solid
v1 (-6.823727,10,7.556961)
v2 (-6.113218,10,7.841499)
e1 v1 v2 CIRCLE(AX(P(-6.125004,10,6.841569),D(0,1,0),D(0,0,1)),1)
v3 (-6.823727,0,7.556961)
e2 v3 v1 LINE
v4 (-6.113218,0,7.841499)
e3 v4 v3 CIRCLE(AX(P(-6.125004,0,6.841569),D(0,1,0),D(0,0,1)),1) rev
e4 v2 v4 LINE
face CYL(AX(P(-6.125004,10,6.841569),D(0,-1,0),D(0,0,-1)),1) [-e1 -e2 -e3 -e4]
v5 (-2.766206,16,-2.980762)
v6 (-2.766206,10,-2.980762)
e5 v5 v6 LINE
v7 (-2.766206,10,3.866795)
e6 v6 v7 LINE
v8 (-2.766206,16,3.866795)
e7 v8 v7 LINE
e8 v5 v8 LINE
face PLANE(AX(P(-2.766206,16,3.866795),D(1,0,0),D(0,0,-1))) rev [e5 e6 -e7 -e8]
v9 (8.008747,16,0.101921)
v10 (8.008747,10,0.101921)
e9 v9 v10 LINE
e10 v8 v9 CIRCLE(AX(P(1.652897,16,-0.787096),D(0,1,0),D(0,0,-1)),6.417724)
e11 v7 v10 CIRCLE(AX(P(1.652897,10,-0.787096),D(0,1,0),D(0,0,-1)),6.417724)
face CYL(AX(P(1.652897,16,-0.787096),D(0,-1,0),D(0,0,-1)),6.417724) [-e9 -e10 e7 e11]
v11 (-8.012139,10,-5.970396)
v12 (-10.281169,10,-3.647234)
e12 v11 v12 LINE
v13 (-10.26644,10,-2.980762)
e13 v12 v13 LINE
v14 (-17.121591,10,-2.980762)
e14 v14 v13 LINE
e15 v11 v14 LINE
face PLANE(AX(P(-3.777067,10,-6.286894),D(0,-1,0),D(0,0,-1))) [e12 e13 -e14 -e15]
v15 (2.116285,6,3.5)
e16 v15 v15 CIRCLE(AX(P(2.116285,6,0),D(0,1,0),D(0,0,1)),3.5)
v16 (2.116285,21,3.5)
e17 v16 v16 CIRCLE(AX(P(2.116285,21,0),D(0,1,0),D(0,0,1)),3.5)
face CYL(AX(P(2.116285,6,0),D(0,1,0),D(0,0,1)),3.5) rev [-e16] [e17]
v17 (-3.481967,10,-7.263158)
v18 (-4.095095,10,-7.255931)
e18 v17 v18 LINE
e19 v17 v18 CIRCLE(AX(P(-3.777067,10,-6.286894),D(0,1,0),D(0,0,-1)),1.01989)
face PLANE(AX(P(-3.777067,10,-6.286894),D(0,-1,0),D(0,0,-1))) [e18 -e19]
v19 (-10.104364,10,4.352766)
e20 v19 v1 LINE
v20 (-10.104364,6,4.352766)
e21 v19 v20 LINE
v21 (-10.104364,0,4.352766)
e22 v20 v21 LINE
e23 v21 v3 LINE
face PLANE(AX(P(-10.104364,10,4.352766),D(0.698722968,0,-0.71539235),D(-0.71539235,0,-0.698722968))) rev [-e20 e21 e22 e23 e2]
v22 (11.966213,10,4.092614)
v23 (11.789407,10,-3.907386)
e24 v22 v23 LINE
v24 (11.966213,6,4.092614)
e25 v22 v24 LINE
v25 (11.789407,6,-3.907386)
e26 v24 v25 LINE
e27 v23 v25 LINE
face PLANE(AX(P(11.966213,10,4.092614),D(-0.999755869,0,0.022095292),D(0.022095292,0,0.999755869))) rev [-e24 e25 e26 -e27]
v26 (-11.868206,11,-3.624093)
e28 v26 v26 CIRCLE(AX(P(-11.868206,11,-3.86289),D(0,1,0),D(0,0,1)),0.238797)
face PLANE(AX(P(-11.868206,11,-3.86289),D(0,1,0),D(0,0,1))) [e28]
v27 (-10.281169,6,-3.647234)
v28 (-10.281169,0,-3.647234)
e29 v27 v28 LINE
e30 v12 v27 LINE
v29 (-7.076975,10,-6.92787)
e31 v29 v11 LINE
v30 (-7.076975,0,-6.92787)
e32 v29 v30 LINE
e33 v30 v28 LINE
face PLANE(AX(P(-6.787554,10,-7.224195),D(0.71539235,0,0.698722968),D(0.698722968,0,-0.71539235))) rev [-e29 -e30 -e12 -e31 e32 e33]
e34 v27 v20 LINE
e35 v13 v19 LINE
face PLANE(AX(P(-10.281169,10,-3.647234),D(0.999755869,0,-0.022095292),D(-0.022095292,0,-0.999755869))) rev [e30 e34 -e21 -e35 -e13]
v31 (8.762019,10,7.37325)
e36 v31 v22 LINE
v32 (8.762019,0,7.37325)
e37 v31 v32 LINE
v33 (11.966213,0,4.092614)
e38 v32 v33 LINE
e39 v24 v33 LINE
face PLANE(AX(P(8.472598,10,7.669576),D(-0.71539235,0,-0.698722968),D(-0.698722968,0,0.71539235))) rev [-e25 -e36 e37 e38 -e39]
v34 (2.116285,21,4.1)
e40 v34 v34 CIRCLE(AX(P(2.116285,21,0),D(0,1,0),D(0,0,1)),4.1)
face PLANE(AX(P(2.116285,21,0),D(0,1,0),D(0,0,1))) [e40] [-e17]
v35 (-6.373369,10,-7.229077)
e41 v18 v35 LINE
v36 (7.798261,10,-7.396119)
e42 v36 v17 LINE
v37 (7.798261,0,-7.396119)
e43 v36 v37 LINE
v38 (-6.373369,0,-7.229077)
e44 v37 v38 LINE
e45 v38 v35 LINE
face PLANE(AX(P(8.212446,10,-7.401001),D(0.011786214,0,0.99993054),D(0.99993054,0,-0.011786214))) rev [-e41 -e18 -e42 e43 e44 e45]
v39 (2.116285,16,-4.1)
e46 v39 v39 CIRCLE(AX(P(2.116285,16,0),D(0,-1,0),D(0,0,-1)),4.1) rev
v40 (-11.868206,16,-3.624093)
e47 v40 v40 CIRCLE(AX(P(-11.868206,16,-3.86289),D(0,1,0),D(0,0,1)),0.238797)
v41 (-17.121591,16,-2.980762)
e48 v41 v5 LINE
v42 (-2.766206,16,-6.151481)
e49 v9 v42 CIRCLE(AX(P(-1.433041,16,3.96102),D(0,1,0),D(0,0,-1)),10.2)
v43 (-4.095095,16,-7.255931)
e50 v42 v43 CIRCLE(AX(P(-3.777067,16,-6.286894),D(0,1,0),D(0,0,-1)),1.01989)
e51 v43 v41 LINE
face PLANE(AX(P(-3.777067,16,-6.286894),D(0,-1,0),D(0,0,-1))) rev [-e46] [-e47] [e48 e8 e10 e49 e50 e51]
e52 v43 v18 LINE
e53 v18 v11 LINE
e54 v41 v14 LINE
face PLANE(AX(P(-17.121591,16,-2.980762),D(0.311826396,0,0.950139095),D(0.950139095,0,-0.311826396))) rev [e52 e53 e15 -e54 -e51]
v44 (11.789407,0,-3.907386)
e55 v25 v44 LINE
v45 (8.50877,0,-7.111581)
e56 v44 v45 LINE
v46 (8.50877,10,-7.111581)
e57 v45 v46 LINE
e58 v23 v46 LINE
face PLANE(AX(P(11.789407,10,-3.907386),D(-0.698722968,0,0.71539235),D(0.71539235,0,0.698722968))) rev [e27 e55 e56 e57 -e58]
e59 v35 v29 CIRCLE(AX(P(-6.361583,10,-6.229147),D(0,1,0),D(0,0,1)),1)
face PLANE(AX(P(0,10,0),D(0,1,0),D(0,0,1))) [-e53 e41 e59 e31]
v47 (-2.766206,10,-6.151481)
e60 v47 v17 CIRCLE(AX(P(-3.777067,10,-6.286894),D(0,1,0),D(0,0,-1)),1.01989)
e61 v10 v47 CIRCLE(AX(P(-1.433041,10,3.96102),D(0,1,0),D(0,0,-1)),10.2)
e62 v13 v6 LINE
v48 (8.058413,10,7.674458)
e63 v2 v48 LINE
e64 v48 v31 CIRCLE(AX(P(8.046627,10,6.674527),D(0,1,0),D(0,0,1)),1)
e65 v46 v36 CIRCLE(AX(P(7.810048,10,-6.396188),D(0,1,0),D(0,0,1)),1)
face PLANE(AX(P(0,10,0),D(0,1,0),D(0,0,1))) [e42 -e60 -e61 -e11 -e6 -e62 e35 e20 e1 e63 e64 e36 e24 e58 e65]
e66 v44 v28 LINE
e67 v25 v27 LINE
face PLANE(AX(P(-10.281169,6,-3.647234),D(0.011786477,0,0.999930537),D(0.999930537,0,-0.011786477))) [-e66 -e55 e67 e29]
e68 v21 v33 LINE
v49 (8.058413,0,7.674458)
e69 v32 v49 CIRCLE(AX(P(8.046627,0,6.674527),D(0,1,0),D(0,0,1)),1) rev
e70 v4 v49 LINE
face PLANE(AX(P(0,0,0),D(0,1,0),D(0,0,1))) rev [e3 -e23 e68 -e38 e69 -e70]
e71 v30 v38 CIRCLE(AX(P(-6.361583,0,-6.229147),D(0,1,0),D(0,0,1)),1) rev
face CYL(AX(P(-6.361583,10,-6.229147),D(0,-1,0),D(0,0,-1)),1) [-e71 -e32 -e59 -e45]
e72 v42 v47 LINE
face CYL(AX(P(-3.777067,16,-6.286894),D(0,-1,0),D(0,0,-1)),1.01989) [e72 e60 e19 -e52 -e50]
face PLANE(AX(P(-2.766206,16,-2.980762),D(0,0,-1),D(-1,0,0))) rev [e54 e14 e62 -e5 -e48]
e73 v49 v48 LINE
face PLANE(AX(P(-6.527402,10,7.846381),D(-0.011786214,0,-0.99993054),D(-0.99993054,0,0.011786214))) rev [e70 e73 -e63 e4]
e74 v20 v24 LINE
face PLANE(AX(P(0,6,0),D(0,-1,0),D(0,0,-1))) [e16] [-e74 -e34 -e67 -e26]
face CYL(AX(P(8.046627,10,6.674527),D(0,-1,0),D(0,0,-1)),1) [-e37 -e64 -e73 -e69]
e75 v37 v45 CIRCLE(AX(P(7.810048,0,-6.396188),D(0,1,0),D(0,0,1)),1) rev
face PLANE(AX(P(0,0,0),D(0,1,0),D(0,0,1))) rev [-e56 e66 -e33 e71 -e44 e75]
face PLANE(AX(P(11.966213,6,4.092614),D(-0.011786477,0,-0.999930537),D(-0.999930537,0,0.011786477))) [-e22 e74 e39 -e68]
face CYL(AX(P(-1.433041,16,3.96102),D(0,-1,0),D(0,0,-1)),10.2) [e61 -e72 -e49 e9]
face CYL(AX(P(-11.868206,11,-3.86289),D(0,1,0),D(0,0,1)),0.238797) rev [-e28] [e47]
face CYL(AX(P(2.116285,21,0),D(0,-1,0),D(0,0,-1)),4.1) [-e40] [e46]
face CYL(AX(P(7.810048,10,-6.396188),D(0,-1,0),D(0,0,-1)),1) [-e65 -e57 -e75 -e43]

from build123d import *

# Parameters (mm, degrees)
BOSS_EXTRUDE2_DEPTH = 10
CUT_EXTRUDE2_DEPTH  = 6
BOSS_EXTRUDE4_DEPTH = 6
SKETCH6_R           = 4.1
BOSS_EXTRUDE5_DEPTH = 5
SKETCH8_R           = 3.5
CUT_EXTRUDE3_DEPTH  = 15
SKETCH9_R           = 0.238796938
CUT_EXTRUDE4_DEPTH  = 5
FILLET3_R           = 1
FILLET5_R           = 1


with BuildPart() as part:
    # Sketch1 → Boss-Extrude2 (new body)
    with BuildSketch(Plane(origin=(0, 0, 0), x_dir=(1, 0, 0), z_dir=(0, 1, 0))):
        Polygon((8.212445626, 7.40100076), (-6.787554374, 7.224195263), (-10.281169213, 3.647233513), (-10.104363716, -4.352766487), (-6.527401966, -7.846381326), (8.472598034, -7.669575828), (11.966212872, -4.092614079), (11.789407375, 3.907385921), align=None)
    extrude(amount=BOSS_EXTRUDE2_DEPTH)

    # Sketch4 → Cut-Extrude2 (cut)
    with BuildSketch(Plane(origin=(0, 0, 0), x_dir=(1, 0, 0), z_dir=(0, 1, 0))):
        Polygon((-10.281169213, 3.647233513), (11.789407375, 3.907385921), (11.966212872, -4.092614079), (-10.104363716, -4.352766487), align=None)
    extrude(amount=CUT_EXTRUDE2_DEPTH, mode=Mode.SUBTRACT)

    # Sketch5 → Boss-Extrude4 (add)
    with BuildSketch(Plane(origin=(0, 10, 0), x_dir=(1, 0, 0), z_dir=(0, 1, 0))):
        with BuildLine():
            Line((-17.121590923, 2.980762336), (-4.095095114, 7.255931369))
            ThreePointArc((-4.095095114, 7.255931369), (-3.125179525, 7.071252821), (-2.766206415, 6.151480718))
            ThreePointArc((-2.766206415, 6.151480718), (3.686890427, 4.860901674), (8.008746735, -0.10192123))
            ThreePointArc((8.008746735, -0.10192123), (3.769808673, -5.271440115), (-2.766206415, -3.866794904))
            Line((-2.766206415, -3.866794904), (-2.766206415, 2.980762336))
            Line((-2.766206415, 2.980762336), (-17.121590923, 2.980762336))
        make_face()
    extrude(amount=BOSS_EXTRUDE4_DEPTH)

    # Sketch6 → Boss-Extrude5 (add)
    with BuildSketch(Plane(origin=(0, 16, 0), x_dir=(1, 0, 0), z_dir=(0, 1, 0))):
        with Locations((2.116284808, 0)):
            Circle(SKETCH6_R)
    extrude(amount=BOSS_EXTRUDE5_DEPTH)

    # Sketch8 → Cut-Extrude3 (cut)
    with BuildSketch(Plane(origin=(0, 21, 0), x_dir=(1, 0, 0), z_dir=(0, 1, 0))):
        with Locations((2.116284808, 0)):
            Circle(SKETCH8_R)
    extrude(amount=-CUT_EXTRUDE3_DEPTH, mode=Mode.SUBTRACT)

    # Sketch9 → Cut-Extrude4 (cut)
    with BuildSketch(Plane(origin=(0, 16, 0), x_dir=(1, 0, 0), z_dir=(0, 1, 0))):
        with Locations((-11.868205528, 3.862890266)):
            Circle(SKETCH9_R)
    extrude(amount=-CUT_EXTRUDE4_DEPTH, mode=Mode.SUBTRACT)

    # Fillet3
    fillet3_edges = [part.edges().sort_by_distance(p)[0] for p in [
        (8.472598034, 5, 7.669575828),
    ]]
    fillet(fillet3_edges, radius=FILLET3_R)

    # Fillet5
    fillet5_edges = [part.edges().sort_by_distance(p)[0] for p in [
        (-6.527401966, 5, 7.846381326),
        (-6.787554374, 5, -7.224195263),
        (8.212445626, 5, -7.40100076),
    ]]
    fillet(fillet5_edges, radius=FILLET5_R)


solid = part.part
